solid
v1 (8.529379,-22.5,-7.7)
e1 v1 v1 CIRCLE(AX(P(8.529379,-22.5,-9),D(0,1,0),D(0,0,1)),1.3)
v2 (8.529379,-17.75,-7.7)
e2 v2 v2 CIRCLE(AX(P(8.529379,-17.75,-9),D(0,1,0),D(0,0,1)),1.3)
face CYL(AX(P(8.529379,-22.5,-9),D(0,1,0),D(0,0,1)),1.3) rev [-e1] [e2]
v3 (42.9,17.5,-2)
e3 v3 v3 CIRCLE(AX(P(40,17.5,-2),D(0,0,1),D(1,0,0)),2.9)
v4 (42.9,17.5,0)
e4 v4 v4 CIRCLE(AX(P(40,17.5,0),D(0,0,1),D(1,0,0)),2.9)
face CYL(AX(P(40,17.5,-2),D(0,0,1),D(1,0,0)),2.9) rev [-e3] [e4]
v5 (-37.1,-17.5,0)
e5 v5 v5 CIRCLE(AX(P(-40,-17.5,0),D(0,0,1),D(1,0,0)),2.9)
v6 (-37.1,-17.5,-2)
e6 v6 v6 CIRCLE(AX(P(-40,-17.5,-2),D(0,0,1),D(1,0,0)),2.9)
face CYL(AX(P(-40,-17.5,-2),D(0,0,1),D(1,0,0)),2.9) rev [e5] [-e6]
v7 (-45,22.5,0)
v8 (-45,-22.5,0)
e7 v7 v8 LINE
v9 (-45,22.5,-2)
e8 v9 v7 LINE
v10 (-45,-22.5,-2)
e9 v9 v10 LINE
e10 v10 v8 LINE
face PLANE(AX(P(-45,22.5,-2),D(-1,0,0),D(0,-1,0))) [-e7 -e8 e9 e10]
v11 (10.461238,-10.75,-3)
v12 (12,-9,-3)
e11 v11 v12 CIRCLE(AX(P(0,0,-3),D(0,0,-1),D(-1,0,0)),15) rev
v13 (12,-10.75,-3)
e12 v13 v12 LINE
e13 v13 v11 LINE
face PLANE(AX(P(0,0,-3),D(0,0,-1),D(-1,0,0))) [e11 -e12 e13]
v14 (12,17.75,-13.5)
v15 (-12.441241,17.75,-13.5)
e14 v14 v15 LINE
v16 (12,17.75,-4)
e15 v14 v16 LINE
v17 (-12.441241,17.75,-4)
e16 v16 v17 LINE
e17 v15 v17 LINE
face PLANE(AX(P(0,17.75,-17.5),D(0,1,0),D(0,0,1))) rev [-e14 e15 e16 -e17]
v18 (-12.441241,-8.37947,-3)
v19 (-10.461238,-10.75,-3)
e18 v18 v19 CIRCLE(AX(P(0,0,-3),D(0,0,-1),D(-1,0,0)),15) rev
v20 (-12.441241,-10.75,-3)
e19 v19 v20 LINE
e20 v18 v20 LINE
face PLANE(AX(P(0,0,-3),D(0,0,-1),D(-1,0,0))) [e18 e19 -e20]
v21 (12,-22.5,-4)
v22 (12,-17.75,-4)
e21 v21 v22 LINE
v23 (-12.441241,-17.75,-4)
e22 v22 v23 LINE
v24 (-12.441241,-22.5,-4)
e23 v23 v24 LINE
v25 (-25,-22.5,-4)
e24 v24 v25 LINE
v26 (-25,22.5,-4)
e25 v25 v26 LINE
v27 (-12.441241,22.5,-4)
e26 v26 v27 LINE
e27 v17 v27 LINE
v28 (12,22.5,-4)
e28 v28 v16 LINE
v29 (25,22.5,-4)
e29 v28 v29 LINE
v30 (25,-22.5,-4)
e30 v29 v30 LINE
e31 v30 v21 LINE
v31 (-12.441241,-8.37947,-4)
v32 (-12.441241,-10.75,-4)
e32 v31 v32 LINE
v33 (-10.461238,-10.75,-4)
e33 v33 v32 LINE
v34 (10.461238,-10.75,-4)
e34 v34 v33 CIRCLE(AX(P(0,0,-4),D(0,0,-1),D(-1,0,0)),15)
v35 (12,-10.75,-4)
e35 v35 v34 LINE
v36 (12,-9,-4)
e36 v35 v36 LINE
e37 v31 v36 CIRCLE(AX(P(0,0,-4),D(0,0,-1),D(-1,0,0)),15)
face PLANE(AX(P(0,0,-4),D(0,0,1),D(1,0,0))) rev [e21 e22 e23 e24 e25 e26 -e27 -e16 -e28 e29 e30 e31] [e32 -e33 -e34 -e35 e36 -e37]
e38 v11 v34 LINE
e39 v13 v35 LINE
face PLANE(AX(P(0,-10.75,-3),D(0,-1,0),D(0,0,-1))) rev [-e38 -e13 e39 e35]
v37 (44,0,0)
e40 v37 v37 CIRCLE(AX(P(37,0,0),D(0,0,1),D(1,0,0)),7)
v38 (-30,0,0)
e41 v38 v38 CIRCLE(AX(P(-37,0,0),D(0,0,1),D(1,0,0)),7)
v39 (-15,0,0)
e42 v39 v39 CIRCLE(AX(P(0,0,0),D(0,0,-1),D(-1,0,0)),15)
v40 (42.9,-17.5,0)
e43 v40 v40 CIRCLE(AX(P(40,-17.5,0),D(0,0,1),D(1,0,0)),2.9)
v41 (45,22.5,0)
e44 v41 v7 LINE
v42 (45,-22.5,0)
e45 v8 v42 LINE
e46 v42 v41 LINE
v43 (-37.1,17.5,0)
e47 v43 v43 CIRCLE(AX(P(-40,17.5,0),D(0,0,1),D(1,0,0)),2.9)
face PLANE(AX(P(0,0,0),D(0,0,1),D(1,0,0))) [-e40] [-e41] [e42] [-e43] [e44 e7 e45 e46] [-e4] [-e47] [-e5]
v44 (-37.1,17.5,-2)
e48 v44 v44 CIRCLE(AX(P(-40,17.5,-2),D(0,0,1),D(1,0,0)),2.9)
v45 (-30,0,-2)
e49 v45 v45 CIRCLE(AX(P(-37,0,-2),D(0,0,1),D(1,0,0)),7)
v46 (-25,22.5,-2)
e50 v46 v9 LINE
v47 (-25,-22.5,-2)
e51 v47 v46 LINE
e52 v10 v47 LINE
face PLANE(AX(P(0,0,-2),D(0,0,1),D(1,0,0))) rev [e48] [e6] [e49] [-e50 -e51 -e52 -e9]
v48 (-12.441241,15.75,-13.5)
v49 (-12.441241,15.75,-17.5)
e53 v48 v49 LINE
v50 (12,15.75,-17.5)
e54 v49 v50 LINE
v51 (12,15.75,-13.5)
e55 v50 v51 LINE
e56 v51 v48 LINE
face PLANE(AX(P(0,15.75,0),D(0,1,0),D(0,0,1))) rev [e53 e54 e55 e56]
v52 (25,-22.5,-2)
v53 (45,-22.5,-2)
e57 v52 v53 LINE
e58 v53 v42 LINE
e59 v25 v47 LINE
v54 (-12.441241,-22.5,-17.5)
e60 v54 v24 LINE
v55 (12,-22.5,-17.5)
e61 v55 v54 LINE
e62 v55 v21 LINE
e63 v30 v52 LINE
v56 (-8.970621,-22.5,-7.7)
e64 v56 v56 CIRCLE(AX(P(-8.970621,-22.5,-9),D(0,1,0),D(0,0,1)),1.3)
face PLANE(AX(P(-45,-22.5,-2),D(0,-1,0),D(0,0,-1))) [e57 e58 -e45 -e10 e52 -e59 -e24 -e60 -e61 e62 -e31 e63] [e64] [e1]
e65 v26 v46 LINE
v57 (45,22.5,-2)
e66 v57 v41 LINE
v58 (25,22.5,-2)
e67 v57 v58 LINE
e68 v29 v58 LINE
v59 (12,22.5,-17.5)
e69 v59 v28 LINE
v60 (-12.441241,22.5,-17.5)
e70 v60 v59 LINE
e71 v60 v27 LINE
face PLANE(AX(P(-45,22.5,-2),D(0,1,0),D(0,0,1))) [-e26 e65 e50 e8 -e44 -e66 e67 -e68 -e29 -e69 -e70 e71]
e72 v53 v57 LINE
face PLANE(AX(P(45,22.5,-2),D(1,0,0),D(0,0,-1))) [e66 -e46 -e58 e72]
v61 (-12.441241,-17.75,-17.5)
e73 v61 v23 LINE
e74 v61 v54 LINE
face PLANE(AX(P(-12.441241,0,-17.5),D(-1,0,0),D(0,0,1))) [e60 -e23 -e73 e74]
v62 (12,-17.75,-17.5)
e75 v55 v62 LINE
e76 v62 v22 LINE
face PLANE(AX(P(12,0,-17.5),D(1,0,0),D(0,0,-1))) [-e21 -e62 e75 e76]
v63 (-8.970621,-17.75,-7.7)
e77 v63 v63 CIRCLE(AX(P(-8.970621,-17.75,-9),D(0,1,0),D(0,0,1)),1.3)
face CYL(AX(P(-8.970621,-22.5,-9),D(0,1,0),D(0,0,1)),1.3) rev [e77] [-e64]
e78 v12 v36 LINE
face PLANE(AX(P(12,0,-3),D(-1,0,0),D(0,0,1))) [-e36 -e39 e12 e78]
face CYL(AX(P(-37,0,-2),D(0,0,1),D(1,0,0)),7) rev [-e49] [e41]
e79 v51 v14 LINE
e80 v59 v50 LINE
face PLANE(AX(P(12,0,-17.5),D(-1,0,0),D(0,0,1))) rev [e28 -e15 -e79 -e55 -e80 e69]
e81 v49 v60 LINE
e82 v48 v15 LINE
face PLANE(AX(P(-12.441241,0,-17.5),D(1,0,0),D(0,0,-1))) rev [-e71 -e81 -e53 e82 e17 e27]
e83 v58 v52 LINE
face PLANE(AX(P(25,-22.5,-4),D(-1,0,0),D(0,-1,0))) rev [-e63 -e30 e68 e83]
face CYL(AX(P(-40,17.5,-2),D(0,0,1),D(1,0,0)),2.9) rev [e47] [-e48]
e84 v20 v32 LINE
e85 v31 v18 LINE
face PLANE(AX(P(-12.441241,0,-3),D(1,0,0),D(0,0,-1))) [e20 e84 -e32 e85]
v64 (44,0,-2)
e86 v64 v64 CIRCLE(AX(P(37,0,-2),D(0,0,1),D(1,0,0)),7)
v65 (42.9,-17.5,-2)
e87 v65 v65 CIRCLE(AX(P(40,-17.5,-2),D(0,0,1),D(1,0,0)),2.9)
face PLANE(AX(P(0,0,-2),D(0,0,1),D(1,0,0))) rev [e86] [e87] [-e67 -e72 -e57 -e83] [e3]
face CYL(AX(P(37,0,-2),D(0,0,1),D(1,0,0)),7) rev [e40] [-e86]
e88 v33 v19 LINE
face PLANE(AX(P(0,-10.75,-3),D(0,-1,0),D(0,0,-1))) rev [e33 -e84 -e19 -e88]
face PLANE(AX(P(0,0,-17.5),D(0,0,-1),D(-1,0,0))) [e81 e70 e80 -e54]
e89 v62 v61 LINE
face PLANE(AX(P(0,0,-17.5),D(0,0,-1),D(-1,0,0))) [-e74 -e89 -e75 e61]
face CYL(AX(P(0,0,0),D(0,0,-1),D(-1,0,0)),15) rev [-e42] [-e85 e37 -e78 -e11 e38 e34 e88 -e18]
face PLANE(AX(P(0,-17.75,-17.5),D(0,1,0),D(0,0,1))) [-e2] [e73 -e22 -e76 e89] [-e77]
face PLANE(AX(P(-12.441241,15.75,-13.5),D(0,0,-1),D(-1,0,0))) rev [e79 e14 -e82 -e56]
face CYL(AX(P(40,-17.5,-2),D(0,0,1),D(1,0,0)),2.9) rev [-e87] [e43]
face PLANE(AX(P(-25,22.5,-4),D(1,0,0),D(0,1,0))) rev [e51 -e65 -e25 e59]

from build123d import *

# Parameters (mm, degrees)
SKETCH_1_W          = 90
SKETCH_1_H          = 45
SKETCH_1_R          = 2.9
SKETCH_1_R_2        = 7
EXTRUDE_2_DEPTH     = 2
EXTRUDE_3_DEPTH     = 2
SKETCH_3_R          = 15
CUT_EXTRUDE_1_DEPTH = 51.470288289
SKETCH_4_W          = 24.441241248
SKETCH_4_H          = 13
CUT_EXTRUDE_2_DEPTH = 1
EXTRUDE_4_DEPTH     = 13.5
SKETCH_5_R          = 1.3
CUT_EXTRUDE_3_DEPTH = 63.859466272
SKETCH_4_4_W        = 24.441241248
SKETCH_4_4_H        = 4.75
EXTRUDE_5_DEPTH     = 13.5
SKETCH_6_W          = 24.441241248
SKETCH_6_H          = 4
EXTRUDE_6_DEPTH     = 2


with BuildPart() as part:
    # 草图1 → 凸台-拉伸2 (new body)
    with BuildSketch(Plane.XY):
        Rectangle(SKETCH_1_W, SKETCH_1_H)
        with Locations((-40, 17.5)):
            Circle(SKETCH_1_R, mode=Mode.SUBTRACT)
        with Locations((-40, -17.5)):
            Circle(SKETCH_1_R, mode=Mode.SUBTRACT)
        with Locations((40, 17.5)):
            Circle(SKETCH_1_R, mode=Mode.SUBTRACT)
        with Locations((40, -17.5)):
            Circle(SKETCH_1_R, mode=Mode.SUBTRACT)
        with Locations((-37, 0)):
            Circle(SKETCH_1_R_2, mode=Mode.SUBTRACT)
        with Locations((37, 0)):
            Circle(SKETCH_1_R_2, mode=Mode.SUBTRACT)
    extrude(amount=-EXTRUDE_2_DEPTH)

    # 草图2 → 凸台-拉伸3 (add)
    with BuildSketch(Plane(origin=(0, 0, -2), x_dir=(-1, 0, 0), z_dir=(0, 0, -1))):
        Polygon((0, -22.5), (-25, -22.5), (-25, 22.5), (25, 22.5), (25, -22.5), align=None)
    extrude(amount=EXTRUDE_3_DEPTH)

    # 草图3 → 切除-拉伸1 (cut, through all)
    with BuildSketch(Plane(origin=(0, 0, -4), x_dir=(-1, 0, 0), z_dir=(0, 0, -1))):
        Circle(SKETCH_3_R)
    extrude(amount=-CUT_EXTRUDE_1_DEPTH, mode=Mode.SUBTRACT)

    # 草图4 → 切除-拉伸2 (cut)
    with BuildSketch(Plane(origin=(0, 0, -4), x_dir=(-1, 0, 0), z_dir=(0, 0, -1))):
        with Locations((0.220620624, -4.25)):
            Rectangle(SKETCH_4_W, SKETCH_4_H)
    extrude(amount=-CUT_EXTRUDE_2_DEPTH, mode=Mode.SUBTRACT)

    # 草图4<3> → 凸台-拉伸4 (add)
    with BuildSketch(Plane(origin=(0, 0, -4), x_dir=(-1, 0, 0), z_dir=(0, 0, -1))):
        Polygon((-12, -22.5), (0, -22.5), (12.441241248, -22.5), (12.441241248, -17.75), (-12, -17.75), align=None)
    extrude(amount=EXTRUDE_4_DEPTH)

    # 草图5 → 切除-拉伸3 (cut, through all)
    with BuildSketch(Plane(origin=(0, -17.75, 0), x_dir=(1, 0, 0), z_dir=(0, 1, 0))):
        with Locations((-8.970620624, 9)):
            Circle(SKETCH_5_R)
        with Locations((8.529379376, 9)):
            Circle(SKETCH_5_R)
    extrude(amount=-CUT_EXTRUDE_3_DEPTH, mode=Mode.SUBTRACT)

    # 草图4<4> → 凸台-拉伸5 (add)
    with BuildSketch(Plane(origin=(0, 0, -4), x_dir=(-1, 0, 0), z_dir=(0, 0, -1))):
        with Locations((0.220620624, 20.125)):
            Rectangle(SKETCH_4_4_W, SKETCH_4_4_H)
    extrude(amount=EXTRUDE_5_DEPTH)

    # 草图6 → 凸台-拉伸6 (add)
    with BuildSketch(Plane.XZ.offset(-17.75)):
        with Locations((-0.220620624, -15.5)):
            Rectangle(SKETCH_6_W, SKETCH_6_H)
    extrude(amount=EXTRUDE_6_DEPTH)


solid = part.part
